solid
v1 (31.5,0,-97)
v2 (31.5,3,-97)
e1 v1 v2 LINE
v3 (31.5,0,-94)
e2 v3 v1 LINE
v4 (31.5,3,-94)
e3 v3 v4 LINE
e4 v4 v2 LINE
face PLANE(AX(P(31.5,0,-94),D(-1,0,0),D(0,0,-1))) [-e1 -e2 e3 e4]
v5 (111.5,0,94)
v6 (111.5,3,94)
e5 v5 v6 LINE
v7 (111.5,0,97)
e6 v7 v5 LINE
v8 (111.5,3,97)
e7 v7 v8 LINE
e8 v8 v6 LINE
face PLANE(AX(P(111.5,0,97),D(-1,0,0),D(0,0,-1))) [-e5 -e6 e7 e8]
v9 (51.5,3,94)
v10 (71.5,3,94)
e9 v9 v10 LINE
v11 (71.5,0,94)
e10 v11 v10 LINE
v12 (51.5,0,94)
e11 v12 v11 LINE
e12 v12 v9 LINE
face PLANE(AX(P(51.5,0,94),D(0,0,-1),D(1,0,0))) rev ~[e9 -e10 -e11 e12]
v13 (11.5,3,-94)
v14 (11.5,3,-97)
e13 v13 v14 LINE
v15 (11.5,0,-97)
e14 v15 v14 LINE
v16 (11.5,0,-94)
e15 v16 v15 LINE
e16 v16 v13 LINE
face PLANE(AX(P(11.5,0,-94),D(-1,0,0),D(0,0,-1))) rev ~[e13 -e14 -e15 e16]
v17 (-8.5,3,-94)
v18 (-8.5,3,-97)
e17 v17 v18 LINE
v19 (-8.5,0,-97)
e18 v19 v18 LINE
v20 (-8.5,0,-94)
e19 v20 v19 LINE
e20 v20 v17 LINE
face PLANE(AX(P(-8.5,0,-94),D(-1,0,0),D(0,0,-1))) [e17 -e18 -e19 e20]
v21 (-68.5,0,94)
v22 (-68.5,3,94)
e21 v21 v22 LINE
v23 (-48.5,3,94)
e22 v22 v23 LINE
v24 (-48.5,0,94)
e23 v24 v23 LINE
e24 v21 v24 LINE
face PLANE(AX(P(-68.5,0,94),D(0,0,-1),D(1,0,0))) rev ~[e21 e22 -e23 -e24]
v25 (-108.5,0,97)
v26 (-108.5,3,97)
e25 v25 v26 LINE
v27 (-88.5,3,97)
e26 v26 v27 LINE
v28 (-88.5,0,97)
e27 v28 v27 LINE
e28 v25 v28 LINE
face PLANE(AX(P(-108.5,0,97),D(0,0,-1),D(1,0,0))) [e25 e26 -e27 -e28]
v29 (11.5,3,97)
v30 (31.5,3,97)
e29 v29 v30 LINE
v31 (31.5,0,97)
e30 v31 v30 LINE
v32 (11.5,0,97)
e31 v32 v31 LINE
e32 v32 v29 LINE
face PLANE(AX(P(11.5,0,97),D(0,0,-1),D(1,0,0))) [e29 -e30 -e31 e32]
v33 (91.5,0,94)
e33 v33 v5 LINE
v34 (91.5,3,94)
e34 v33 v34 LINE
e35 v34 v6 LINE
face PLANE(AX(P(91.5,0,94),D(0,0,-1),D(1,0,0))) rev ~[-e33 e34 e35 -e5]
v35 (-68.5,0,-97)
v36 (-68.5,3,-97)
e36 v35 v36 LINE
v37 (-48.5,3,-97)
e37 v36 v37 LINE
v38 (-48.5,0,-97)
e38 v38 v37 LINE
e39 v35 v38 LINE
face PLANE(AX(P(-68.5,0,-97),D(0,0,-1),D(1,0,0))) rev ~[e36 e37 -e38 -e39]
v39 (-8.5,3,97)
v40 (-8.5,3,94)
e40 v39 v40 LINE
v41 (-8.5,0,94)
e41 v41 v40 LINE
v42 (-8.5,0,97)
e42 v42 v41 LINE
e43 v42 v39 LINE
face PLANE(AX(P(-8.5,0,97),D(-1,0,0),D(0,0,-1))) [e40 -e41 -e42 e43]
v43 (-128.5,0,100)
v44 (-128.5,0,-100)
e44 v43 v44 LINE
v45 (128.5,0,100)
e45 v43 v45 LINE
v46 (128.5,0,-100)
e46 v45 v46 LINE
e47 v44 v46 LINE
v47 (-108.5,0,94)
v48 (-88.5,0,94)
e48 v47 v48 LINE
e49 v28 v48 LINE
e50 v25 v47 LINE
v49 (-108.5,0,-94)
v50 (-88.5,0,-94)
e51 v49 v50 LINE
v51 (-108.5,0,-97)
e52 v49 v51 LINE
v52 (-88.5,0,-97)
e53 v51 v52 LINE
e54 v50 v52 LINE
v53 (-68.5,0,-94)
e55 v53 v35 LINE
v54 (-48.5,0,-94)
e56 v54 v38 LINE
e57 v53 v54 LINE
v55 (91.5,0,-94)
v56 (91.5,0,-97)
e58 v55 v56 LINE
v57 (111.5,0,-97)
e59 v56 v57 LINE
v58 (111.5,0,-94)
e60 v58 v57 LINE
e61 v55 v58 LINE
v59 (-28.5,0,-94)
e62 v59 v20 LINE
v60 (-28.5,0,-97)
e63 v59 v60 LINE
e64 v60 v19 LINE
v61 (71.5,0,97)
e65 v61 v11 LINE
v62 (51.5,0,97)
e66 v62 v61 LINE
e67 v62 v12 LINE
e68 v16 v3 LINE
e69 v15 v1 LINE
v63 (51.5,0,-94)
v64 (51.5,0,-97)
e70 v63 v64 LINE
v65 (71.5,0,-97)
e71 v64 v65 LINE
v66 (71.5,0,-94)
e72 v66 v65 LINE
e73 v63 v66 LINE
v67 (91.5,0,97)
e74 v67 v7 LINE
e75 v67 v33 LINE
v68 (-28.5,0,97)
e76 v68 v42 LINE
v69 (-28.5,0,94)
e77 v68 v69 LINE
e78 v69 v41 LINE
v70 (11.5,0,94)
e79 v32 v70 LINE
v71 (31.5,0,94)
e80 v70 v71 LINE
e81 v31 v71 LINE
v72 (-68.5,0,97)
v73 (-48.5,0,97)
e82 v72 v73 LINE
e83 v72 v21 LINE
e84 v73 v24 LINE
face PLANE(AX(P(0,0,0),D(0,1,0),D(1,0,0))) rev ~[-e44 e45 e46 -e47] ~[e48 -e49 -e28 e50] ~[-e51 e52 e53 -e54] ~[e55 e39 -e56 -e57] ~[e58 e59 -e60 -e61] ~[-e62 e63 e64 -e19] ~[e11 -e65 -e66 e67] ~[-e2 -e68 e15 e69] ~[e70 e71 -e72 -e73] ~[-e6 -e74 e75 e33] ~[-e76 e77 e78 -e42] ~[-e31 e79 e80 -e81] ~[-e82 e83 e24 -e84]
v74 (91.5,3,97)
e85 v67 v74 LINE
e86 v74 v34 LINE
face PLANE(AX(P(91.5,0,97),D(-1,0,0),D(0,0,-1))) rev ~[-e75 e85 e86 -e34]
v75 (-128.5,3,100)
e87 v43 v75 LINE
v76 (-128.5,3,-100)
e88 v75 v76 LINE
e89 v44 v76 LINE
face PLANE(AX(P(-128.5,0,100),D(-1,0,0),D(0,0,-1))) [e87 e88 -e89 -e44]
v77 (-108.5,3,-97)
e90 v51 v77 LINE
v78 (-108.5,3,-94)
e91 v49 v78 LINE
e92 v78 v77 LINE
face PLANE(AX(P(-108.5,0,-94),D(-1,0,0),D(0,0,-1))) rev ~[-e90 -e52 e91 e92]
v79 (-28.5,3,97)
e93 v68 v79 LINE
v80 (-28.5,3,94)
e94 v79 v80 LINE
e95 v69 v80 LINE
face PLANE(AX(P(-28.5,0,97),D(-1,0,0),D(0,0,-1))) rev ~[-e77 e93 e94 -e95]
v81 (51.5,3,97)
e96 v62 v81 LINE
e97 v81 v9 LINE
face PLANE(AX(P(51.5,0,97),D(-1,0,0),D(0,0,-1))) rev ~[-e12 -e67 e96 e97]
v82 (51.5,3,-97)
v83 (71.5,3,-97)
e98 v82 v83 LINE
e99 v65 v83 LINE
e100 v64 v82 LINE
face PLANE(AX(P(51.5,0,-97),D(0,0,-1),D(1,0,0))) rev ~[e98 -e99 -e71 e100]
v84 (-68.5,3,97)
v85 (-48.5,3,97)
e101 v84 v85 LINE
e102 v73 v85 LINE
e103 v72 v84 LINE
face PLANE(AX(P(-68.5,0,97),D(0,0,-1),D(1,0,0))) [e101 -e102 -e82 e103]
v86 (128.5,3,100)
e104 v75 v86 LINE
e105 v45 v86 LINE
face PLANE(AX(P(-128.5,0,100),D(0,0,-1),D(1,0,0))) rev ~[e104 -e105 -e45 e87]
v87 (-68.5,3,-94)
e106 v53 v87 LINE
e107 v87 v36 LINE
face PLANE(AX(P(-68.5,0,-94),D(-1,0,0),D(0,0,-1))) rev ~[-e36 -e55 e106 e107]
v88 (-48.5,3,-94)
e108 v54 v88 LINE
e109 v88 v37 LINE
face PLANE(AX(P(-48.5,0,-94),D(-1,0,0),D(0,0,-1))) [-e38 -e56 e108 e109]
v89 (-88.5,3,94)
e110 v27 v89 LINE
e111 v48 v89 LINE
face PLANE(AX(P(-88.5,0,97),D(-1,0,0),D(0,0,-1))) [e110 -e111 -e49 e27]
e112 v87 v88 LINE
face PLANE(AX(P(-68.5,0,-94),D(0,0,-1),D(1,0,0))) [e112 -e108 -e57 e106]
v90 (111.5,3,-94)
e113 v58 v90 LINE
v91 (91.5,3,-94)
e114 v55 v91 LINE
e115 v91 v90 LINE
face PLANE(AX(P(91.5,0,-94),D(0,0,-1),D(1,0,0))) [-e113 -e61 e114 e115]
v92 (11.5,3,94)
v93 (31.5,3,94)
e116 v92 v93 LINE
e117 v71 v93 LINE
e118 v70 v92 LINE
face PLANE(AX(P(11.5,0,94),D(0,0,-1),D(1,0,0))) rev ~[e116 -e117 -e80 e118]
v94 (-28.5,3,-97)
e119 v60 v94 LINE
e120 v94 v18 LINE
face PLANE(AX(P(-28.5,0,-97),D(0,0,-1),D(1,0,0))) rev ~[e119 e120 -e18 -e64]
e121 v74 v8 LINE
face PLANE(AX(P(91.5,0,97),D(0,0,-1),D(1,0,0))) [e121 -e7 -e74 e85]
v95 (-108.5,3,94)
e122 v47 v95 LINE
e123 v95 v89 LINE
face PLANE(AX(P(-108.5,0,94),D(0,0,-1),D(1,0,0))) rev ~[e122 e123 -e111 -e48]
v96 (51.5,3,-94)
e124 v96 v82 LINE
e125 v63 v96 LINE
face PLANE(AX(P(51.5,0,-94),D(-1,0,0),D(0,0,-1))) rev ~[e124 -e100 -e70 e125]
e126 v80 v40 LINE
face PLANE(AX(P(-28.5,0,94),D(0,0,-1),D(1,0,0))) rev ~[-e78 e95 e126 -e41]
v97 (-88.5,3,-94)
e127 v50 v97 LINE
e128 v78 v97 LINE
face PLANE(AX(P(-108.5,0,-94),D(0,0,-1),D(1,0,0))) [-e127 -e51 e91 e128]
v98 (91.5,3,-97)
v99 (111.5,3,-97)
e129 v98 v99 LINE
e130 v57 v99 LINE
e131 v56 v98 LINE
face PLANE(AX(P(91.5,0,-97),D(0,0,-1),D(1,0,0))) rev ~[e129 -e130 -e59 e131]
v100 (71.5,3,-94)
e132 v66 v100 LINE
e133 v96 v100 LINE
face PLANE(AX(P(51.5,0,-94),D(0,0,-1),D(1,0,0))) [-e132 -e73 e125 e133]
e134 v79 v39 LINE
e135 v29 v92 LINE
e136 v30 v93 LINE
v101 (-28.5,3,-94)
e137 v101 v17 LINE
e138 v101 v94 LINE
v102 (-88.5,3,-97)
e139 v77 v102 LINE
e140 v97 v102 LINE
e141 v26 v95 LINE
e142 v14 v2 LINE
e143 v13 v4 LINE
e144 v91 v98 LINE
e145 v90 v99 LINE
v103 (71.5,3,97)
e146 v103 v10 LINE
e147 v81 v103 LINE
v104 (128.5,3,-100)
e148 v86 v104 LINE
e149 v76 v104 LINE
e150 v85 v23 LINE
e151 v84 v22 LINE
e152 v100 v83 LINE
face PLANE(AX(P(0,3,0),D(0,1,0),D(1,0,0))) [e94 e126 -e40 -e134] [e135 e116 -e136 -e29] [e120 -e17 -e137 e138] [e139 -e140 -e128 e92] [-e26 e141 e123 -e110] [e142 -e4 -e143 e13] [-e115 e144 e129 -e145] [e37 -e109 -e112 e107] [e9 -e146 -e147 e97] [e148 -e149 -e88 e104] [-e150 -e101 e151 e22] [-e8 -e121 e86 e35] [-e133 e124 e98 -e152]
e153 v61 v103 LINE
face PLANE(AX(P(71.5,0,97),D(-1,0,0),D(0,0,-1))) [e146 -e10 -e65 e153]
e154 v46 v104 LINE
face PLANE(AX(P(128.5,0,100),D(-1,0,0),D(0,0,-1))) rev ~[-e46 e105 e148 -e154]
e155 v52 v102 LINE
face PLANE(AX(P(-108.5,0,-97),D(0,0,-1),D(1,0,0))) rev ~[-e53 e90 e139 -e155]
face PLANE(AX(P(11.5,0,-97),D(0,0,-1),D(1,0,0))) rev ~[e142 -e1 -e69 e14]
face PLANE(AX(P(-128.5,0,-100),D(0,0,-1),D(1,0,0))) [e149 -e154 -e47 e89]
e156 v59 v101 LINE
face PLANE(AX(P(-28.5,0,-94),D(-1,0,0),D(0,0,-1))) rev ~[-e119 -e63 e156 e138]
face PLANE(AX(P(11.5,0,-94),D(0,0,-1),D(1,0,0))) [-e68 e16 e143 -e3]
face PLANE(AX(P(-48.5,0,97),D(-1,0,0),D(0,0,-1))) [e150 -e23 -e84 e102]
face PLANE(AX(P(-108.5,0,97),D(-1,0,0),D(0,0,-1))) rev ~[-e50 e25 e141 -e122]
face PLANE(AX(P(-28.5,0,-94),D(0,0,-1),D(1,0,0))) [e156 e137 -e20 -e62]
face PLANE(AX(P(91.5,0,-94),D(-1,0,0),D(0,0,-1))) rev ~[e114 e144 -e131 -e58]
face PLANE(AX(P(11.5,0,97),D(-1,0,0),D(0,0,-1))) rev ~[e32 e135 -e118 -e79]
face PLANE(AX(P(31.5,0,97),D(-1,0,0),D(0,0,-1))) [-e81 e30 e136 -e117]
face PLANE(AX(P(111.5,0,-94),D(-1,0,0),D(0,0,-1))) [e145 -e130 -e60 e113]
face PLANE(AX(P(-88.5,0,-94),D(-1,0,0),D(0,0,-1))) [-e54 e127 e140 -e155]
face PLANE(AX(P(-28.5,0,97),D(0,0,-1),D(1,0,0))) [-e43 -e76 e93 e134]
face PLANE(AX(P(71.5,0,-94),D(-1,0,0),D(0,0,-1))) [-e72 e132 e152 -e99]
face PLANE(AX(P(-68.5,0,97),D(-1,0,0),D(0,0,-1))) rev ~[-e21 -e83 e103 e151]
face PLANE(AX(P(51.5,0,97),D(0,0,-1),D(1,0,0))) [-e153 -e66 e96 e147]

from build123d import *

# Parameters (mm, degrees)
ESQUISSE1_W        = 257
ESQUISSE1_H        = 200
ESQUISSE1_W_2      = 20
ESQUISSE1_H_2      = 3
BOSS_EXTRU_1_DEPTH = 3


with BuildPart() as part:
    # Esquisse1 → Boss.-Extru.1 (new body)
    with BuildSketch(Plane(origin=(0, 0, 0), x_dir=(1, 0, 0), z_dir=(0, 1, 0))):
        Rectangle(ESQUISSE1_W, ESQUISSE1_H)
        with Locations((-58.5, -95.5)):
            Rectangle(ESQUISSE1_W_2, ESQUISSE1_H_2, mode=Mode.SUBTRACT)
        with Locations((-98.5, -95.5)):
            Rectangle(ESQUISSE1_W_2, ESQUISSE1_H_2, mode=Mode.SUBTRACT)
        with Locations((-18.5, -95.5)):
            Rectangle(ESQUISSE1_W_2, ESQUISSE1_H_2, mode=Mode.SUBTRACT)
        with Locations((21.5, -95.5)):
            Rectangle(ESQUISSE1_W_2, ESQUISSE1_H_2, mode=Mode.SUBTRACT)
        with Locations((61.5, -95.5)):
            Rectangle(ESQUISSE1_W_2, ESQUISSE1_H_2, mode=Mode.SUBTRACT)
        with Locations((101.5, -95.5)):
            Rectangle(ESQUISSE1_W_2, ESQUISSE1_H_2, mode=Mode.SUBTRACT)
        with Locations((101.5, 95.5)):
            Rectangle(ESQUISSE1_W_2, ESQUISSE1_H_2, mode=Mode.SUBTRACT)
        with Locations((61.5, 95.5)):
            Rectangle(ESQUISSE1_W_2, ESQUISSE1_H_2, mode=Mode.SUBTRACT)
        with Locations((21.5, 95.5)):
            Rectangle(ESQUISSE1_W_2, ESQUISSE1_H_2, mode=Mode.SUBTRACT)
        with Locations((-18.5, 95.5)):
            Rectangle(ESQUISSE1_W_2, ESQUISSE1_H_2, mode=Mode.SUBTRACT)
        with Locations((-58.5, 95.5)):
            Rectangle(ESQUISSE1_W_2, ESQUISSE1_H_2, mode=Mode.SUBTRACT)
        with Locations((-98.5, 95.5)):
            Rectangle(ESQUISSE1_W_2, ESQUISSE1_H_2, mode=Mode.SUBTRACT)
    extrude(amount=BOSS_EXTRU_1_DEPTH)


solid = part.part
